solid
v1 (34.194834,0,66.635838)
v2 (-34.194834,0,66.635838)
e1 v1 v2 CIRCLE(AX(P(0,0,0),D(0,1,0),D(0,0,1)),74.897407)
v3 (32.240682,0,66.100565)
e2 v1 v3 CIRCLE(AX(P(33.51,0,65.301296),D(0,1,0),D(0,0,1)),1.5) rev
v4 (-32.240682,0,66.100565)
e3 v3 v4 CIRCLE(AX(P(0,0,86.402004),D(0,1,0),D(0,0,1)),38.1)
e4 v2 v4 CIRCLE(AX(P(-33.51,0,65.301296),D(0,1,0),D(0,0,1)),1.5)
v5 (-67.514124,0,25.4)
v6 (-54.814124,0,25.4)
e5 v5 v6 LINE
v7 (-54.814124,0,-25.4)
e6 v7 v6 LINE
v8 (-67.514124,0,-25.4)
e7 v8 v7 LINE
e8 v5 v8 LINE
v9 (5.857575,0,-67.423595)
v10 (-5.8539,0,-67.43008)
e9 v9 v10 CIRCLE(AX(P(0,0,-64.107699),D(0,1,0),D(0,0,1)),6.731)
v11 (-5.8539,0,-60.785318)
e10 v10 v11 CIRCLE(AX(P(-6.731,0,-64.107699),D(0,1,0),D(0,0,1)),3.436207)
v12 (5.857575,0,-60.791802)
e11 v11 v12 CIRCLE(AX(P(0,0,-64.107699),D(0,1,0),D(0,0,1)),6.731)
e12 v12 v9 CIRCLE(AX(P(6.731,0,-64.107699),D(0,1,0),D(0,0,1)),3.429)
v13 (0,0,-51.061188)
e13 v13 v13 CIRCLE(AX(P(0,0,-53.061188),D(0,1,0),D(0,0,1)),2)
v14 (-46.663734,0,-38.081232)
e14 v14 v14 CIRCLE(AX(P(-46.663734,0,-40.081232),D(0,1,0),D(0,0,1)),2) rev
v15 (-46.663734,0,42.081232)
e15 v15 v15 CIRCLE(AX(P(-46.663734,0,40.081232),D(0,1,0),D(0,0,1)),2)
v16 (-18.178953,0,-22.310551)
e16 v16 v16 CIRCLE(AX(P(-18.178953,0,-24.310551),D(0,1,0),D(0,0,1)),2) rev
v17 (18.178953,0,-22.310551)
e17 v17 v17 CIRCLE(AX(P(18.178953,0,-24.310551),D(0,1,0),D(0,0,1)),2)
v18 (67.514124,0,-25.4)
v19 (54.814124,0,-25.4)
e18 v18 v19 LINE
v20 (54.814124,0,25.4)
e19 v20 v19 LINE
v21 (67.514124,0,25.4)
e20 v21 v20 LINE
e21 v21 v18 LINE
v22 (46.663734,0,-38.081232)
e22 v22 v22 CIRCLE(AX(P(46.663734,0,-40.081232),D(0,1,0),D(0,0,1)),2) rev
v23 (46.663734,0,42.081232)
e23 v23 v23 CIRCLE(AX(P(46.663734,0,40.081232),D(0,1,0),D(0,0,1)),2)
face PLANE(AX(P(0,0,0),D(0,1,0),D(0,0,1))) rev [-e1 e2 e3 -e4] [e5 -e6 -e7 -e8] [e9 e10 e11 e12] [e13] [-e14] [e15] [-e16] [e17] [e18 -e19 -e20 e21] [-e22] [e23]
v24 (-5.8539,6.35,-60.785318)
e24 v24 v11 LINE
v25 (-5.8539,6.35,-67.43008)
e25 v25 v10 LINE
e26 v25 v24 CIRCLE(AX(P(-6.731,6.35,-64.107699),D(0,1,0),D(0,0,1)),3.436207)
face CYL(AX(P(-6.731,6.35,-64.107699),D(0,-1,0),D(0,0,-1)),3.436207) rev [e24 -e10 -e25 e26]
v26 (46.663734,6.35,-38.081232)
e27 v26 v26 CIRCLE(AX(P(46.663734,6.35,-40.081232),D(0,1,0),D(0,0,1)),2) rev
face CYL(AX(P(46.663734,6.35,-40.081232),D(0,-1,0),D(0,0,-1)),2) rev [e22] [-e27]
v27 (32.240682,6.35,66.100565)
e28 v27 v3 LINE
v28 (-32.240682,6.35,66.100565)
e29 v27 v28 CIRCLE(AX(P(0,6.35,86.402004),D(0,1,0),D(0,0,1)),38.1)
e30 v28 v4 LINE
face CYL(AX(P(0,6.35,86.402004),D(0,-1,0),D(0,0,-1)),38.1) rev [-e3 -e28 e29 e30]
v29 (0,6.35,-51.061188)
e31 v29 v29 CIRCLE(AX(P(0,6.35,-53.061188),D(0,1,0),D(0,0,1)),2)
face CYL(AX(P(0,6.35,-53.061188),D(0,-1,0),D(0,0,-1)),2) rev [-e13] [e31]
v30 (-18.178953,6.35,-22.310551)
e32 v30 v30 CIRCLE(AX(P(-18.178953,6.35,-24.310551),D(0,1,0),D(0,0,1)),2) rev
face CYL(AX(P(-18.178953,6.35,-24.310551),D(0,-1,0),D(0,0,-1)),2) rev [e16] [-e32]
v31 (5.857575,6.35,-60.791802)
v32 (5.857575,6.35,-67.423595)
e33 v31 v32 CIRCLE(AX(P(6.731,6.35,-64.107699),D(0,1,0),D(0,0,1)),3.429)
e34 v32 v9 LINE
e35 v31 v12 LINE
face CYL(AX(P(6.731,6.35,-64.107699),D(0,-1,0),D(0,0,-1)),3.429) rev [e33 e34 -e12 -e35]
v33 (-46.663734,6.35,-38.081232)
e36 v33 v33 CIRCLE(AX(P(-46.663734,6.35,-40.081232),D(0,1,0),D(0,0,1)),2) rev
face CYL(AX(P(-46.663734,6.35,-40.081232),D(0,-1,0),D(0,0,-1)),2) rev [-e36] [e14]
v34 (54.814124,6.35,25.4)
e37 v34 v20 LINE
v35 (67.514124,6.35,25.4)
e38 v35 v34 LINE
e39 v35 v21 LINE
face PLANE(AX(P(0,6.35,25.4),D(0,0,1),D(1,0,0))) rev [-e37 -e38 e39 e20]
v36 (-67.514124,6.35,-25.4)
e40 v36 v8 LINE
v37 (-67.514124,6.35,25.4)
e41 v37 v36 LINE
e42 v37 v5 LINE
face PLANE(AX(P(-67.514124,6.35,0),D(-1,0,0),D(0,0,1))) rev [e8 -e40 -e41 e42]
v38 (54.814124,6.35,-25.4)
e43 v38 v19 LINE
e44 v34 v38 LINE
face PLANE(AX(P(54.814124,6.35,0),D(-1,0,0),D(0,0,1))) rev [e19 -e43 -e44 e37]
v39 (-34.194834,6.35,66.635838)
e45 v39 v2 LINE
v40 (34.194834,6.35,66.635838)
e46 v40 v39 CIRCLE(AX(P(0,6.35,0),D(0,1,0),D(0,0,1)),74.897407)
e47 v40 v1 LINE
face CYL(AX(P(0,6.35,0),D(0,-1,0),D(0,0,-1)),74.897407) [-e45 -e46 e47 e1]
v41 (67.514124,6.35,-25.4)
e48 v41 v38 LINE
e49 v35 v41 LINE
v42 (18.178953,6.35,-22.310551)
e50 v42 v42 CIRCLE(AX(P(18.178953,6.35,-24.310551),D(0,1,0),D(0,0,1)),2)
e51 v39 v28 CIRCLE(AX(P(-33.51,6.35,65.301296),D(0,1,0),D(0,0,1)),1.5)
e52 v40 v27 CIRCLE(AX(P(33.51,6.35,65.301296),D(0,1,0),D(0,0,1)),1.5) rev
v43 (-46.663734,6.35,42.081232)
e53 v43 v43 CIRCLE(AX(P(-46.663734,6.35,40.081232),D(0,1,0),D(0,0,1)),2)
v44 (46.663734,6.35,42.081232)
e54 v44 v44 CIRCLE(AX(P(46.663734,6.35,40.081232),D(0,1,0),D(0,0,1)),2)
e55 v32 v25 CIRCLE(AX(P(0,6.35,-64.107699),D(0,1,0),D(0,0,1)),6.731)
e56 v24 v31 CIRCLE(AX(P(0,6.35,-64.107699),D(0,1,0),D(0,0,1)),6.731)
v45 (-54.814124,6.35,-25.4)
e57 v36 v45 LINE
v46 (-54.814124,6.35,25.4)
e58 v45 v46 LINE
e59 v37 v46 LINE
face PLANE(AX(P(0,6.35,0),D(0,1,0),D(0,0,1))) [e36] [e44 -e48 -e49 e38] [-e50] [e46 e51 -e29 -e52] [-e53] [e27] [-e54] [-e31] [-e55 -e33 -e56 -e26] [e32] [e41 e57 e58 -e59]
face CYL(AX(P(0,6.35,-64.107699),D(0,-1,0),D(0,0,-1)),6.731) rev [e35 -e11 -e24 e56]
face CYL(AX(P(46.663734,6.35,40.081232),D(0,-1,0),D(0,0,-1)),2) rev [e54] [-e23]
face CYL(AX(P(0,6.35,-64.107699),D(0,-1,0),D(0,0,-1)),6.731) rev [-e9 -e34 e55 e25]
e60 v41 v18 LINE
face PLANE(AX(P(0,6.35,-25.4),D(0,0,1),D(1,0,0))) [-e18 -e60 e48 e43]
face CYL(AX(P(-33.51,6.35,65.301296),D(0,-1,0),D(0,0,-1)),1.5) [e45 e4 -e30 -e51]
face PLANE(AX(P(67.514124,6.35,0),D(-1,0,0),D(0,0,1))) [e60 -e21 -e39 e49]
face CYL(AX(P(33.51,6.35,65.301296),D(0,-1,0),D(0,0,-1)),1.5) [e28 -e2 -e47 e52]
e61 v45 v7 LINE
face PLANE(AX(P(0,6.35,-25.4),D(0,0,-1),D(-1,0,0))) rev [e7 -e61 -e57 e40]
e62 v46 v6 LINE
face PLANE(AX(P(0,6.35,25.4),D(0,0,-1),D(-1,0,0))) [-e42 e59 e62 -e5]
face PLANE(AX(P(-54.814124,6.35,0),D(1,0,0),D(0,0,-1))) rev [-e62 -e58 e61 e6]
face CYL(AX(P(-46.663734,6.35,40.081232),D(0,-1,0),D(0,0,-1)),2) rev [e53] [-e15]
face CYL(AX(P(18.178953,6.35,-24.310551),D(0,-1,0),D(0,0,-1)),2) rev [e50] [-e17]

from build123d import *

# Parameters (mm, degrees)
SKETCH1_R           = 2
SKETCH1_W           = 12.7
SKETCH1_H           = 50.8
BOSS_EXTRUDE3_DEPTH = 6.35


with BuildPart() as part:
    # Sketch1 → Boss-Extrude3 (new body)
    with BuildSketch(Plane(origin=(0, 0, 0), x_dir=(1, 0, 0), z_dir=(0, 1, 0))):
        with BuildLine():
            ThreePointArc((34.194833578, -66.63583839), (33.11372382, -66.748004461), (32.240681933, -66.10056535))
            ThreePointArc((32.240681933, -66.10056535), (0, -48.302004425), (-32.240681933, -66.10056535))
            ThreePointArc((-32.240681933, -66.10056535), (-33.11372382, -66.748004461), (-34.194833578, -66.63583839))
            ThreePointArc((-34.194833578, -66.63583839), (0, 74.897407173), (34.194833578, -66.63583839))
        make_face()
        with Locations((0, 53.061187965)):
            Circle(SKETCH1_R, mode=Mode.SUBTRACT)
        with Locations((18.178952795, 24.310551096)):
            Circle(SKETCH1_R, mode=Mode.SUBTRACT)
        with Locations((46.663733983, 40.081231883)):
            Circle(SKETCH1_R, mode=Mode.SUBTRACT)
        with Locations((46.663733983, -40.081231883)):
            Circle(SKETCH1_R, mode=Mode.SUBTRACT)
        with Locations((-46.663733983, -40.081231883)):
            Circle(SKETCH1_R, mode=Mode.SUBTRACT)
        with Locations((-18.178952795, 24.310551096)):
            Circle(SKETCH1_R, mode=Mode.SUBTRACT)
        with Locations((-46.663733983, 40.081231883)):
            Circle(SKETCH1_R, mode=Mode.SUBTRACT)
        with Locations((61.164123727, 0)):
            Rectangle(SKETCH1_W, SKETCH1_H, mode=Mode.SUBTRACT)
        with Locations((-61.164123727, 0)):
            Rectangle(SKETCH1_W, SKETCH1_H, mode=Mode.SUBTRACT)
        with BuildLine():
            ThreePointArc((-5.853899988, 60.78531778), (0.003726822, 57.376699875), (5.857575472, 60.791802193))
            ThreePointArc((5.857575472, 60.791802193), (10.16, 64.107698843), (5.857575472, 67.423595493))
            ThreePointArc((5.857575472, 67.423595493), (0.003726822, 70.838697812), (-5.853899988, 67.430079907))
            ThreePointArc((-5.853899988, 67.430079907), (-10.167207264, 64.107698843), (-5.853899988, 60.78531778))
        make_face(mode=Mode.SUBTRACT)
    extrude(amount=BOSS_EXTRUDE3_DEPTH)


solid = part.part
